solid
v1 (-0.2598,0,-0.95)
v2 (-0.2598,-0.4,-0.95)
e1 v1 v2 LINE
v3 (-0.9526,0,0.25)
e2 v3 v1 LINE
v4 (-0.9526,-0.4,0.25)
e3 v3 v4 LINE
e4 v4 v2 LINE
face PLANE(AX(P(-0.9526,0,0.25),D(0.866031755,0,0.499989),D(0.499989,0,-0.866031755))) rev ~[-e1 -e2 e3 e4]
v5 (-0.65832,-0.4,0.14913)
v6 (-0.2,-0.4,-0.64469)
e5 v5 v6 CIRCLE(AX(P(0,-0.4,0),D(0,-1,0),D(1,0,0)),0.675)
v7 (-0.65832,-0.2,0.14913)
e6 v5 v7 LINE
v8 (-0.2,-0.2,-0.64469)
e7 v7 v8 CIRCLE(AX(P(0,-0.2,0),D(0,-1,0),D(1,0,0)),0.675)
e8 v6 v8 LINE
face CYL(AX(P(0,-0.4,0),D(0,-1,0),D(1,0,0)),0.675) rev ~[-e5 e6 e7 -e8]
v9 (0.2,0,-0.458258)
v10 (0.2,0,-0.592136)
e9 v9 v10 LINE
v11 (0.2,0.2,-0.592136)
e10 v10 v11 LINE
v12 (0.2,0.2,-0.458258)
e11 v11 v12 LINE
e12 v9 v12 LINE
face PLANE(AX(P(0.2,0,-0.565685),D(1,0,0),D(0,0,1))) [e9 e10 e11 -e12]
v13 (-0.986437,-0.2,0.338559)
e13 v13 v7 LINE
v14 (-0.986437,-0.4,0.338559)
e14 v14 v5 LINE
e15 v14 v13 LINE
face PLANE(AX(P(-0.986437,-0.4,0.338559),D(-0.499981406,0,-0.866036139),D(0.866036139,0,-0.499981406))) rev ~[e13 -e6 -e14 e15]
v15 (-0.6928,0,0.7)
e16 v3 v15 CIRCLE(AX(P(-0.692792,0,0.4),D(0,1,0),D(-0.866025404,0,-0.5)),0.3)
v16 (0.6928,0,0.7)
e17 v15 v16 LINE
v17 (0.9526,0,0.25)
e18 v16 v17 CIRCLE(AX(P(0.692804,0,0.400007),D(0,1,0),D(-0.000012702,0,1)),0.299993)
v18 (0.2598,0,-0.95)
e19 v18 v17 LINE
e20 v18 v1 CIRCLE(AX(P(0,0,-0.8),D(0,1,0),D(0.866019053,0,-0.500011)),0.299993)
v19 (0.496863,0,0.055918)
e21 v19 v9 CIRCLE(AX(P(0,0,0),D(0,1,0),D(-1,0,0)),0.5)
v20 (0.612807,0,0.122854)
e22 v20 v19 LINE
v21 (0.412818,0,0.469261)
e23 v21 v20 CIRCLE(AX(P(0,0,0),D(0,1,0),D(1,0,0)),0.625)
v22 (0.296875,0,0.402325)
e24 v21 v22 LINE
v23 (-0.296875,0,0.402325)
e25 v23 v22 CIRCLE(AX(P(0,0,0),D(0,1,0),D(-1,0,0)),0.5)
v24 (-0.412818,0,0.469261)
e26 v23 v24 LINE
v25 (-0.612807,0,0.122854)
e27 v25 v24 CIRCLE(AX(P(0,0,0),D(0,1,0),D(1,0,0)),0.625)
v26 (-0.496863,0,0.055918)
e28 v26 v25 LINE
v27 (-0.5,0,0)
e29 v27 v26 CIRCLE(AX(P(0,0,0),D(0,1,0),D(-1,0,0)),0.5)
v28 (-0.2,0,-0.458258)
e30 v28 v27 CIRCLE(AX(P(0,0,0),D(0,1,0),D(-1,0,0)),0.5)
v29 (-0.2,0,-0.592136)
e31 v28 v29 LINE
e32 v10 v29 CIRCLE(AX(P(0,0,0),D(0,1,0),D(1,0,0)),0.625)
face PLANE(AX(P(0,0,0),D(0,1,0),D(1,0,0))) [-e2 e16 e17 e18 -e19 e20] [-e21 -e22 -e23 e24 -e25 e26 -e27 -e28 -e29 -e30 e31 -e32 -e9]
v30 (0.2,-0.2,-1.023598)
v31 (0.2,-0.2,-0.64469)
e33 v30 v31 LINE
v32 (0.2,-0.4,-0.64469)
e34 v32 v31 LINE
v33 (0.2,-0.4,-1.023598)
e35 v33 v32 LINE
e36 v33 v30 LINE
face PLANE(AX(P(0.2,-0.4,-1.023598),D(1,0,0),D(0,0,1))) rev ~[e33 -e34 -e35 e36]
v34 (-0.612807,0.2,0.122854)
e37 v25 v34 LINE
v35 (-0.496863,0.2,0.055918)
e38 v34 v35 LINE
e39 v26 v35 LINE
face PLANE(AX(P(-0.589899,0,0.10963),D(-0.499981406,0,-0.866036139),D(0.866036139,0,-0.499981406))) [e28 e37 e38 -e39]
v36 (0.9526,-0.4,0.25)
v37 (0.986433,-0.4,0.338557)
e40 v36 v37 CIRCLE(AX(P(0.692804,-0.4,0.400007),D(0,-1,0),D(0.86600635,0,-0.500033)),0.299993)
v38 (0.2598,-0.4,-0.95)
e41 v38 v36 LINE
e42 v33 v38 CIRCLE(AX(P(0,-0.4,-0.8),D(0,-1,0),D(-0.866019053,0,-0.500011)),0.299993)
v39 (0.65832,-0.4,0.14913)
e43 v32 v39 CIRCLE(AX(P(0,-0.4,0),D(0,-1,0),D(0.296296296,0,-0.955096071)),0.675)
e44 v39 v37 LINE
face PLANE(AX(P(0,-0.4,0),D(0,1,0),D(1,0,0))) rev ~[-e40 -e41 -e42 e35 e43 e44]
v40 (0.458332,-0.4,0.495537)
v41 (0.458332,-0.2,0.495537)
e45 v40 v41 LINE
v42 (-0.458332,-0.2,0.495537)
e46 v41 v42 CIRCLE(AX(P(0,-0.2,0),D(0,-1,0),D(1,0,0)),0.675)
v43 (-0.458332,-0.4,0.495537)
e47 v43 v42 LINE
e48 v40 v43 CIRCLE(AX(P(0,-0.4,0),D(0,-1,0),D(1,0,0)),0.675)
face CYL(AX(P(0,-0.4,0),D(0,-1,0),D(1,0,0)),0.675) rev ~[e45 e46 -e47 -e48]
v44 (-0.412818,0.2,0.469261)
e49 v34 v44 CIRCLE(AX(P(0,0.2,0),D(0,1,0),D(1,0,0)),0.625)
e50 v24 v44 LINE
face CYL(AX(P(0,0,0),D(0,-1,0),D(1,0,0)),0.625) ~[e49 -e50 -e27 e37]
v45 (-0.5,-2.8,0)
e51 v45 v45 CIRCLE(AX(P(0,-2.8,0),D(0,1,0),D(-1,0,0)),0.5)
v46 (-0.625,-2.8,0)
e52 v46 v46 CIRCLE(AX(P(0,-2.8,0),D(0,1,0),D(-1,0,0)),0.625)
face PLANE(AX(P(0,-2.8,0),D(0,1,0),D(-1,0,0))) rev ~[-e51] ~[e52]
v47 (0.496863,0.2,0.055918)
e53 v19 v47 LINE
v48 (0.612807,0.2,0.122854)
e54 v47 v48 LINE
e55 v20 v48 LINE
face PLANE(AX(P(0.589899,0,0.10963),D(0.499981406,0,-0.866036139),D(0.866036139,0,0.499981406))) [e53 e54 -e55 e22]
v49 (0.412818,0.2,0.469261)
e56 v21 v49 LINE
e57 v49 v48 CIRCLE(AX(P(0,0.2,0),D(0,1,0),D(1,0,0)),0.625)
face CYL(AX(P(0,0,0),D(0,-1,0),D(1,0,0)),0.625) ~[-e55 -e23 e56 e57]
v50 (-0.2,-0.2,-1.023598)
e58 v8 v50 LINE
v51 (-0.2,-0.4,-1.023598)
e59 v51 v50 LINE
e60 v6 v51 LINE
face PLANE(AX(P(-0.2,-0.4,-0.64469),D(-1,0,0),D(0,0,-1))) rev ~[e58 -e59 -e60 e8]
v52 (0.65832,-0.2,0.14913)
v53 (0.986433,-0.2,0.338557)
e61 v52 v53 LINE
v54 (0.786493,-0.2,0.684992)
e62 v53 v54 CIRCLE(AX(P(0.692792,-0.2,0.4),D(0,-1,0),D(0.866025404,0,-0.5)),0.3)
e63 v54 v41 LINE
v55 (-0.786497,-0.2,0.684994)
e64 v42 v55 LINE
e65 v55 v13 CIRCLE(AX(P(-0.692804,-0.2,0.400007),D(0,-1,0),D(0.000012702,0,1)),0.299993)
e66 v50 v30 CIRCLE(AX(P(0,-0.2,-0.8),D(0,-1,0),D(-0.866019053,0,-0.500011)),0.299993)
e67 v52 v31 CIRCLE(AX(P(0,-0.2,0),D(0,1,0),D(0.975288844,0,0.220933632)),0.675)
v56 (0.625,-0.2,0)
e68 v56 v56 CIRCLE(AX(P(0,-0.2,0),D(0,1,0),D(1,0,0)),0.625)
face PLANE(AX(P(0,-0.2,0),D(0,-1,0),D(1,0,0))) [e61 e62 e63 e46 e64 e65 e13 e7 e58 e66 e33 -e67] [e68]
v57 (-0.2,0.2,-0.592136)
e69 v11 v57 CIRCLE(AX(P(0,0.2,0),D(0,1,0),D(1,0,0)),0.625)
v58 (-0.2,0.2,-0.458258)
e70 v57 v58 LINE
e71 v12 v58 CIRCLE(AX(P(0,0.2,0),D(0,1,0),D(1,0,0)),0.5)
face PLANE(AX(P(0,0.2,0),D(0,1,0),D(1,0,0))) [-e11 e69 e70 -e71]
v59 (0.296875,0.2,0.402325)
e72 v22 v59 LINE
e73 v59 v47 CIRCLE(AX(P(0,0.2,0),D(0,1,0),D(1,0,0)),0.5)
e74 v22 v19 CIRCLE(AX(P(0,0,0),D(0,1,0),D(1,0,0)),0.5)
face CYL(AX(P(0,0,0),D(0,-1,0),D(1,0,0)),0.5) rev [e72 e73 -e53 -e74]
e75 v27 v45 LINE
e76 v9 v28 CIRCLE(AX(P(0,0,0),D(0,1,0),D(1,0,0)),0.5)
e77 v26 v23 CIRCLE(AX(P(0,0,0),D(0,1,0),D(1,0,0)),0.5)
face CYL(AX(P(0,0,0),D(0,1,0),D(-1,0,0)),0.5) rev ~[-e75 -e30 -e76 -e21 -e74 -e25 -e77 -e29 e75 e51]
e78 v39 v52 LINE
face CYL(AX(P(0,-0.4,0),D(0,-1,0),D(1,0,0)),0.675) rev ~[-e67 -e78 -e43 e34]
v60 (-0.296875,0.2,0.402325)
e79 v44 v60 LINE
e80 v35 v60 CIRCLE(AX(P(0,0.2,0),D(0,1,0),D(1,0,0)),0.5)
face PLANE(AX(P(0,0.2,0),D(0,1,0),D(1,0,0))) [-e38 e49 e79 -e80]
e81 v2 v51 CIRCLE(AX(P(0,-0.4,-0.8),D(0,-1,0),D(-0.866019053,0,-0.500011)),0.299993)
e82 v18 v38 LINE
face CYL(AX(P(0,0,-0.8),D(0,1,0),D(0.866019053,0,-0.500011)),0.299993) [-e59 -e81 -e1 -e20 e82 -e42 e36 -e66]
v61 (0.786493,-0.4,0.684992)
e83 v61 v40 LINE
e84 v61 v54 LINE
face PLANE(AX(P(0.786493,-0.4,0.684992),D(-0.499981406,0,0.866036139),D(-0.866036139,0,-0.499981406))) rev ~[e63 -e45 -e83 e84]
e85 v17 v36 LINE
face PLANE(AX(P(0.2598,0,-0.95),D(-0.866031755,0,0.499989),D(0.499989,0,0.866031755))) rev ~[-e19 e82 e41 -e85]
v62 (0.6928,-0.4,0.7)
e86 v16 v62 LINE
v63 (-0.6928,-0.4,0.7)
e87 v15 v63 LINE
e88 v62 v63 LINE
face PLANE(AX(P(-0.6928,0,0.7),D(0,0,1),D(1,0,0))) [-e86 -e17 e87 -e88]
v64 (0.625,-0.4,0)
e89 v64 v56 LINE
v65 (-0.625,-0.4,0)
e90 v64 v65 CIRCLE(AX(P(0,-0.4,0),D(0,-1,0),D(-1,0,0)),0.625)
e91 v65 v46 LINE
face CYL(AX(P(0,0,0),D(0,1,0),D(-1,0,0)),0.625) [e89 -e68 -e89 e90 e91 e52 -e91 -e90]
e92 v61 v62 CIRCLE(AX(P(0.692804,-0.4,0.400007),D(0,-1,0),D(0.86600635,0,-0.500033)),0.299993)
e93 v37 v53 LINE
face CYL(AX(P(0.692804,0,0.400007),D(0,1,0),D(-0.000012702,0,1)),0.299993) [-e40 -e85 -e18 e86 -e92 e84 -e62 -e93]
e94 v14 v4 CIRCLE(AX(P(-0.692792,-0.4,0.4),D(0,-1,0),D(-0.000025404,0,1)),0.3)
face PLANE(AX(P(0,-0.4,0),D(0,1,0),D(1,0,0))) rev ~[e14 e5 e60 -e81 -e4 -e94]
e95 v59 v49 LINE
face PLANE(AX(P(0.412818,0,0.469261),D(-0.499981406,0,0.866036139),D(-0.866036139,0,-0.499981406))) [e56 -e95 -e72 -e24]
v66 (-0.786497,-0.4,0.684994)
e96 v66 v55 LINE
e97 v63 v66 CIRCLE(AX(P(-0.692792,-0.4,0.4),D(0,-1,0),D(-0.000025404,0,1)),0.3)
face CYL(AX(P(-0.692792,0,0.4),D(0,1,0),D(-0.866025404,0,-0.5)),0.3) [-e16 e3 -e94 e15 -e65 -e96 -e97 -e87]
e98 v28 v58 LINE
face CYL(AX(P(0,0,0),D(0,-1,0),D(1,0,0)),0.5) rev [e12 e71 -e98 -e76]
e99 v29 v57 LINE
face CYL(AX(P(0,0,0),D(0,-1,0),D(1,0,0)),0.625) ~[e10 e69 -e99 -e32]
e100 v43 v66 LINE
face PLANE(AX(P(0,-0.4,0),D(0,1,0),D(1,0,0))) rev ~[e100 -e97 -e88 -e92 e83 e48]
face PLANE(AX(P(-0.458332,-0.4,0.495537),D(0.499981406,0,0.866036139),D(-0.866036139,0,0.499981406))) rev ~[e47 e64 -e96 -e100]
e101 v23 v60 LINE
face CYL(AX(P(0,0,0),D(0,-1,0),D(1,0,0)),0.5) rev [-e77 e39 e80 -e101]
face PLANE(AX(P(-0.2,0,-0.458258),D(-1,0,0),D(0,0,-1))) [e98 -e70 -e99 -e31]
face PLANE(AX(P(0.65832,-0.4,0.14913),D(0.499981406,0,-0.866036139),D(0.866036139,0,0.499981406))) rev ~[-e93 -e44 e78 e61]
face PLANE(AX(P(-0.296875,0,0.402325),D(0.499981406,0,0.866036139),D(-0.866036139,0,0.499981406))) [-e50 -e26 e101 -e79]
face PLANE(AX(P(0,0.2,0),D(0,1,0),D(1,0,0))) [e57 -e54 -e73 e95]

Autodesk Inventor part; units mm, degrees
ref_plane "YZ Plane" through (0, 0, 0) normal (1, 0, 0) x (0, 1, 0)
ref_plane "XZ Plane" through (0, 0, 0) normal (0, 1, 0) x (-1, 0, 0)
ref_plane "XY Plane" through (0, 0, 0) normal (0, 0, 1) x (1, 0, 0)
sketch "Esboço1" plane through (0, 0, 0) normal (0, 1, 0) x (-1, 0, 0)
  circle A0 centre (0, 0) radius 0.625
  circle A1 centre (0, 0) radius 0.5
  dimension "d0" = 1.25
  dimension "d1" = 1
extrude "Extrusão1" add sketch "Esboço1" against normal blind 2.8
sketch "Esboço2" plane through (0, 0, 0) normal (0, 1, 0) x (1, 0, 0)
  line L0 (0, 0) -> (0, 1.4)
  line L1 (0, 0) -> (0, -1.4)
  line L2 (0, 0) -> (-1.2124, -0.7)
  line L3 (0, 0) -> (1.2124, -0.7)
  line L4 (0.2598, 0.95) -> (0.9526, -0.25)
  line L5 (-0.9526, -0.25) -> (-0.2598, 0.95)
  line L6 (-0.6928, -0.7) -> (0.6928, -0.7)
  arc A0 (-0.9526, -0.25) -> (-0.6928, -0.7) centre (-0.6928, -0.4) ccw
  arc A1 (0.6928, -0.7) -> (0.9526, -0.25) centre (0.6928, -0.4) ccw
  arc A2 (0.2598, 0.95) -> (-0.2598, 0.95) centre (0, 0.8) ccw
  circle A3 centre (0, 0) radius 0.625 projected
  circle A4 centre (0, 0) radius 0.5 projected
  dimension "d5" = 1.4
  dimension "d6" = 1.4
  dimension "d9" = 360
  dimension "d11" = 0.3
extrude "Extrusão2" add sketch "Esboço2" against normal blind 0.4 contours A3 L2 A0 L5 A2 L0 | L0 A2 L4 A1 L3 A3 | A3 L3 A1 L6 L1 | L1 L6 A0 L2 A3
sketch "Esboço3" plane through (0, -0.4, 0) normal (0, -1, 0) x (1, 0, 0)
  line L0 (0.2, 0) -> (-0.2, 0)
  line L1 (-0.2, 0) -> (-0.2, -1.1589)
  line L2 (-0.2, -1.1589) -> (0.2, -1.1589)
  line L3 (0.2, -1.1589) -> (0.2, 0)
  line L4 (-0.1, 0.1732) -> (0.1, -0.1732)
  line L5 (0.1, -0.1732) -> (1.1036, 0.4062)
  line L6 (1.1036, 0.4062) -> (0.9036, 0.7526)
  line L7 (0.9036, 0.7526) -> (-0.1, 0.1732)
  line L8 (-0.1, -0.1732) -> (0.1, 0.1732)
  line L9 (0.1, 0.1732) -> (-0.9036, 0.7526)
  line L10 (-0.9036, 0.7526) -> (-1.1036, 0.4062)
  line L11 (-1.1036, 0.4062) -> (-0.1, -0.1732)
  arc A0 (0.9526, 0.25) -> (0.6928, 0.7) centre (0.6928, 0.4) ccw projected
  line L12 (0.6928, 0.7) -> (-0.6928, 0.7) projected
  arc A1 (-0.6928, 0.7) -> (-0.9526, 0.25) centre (-0.6928, 0.4) ccw projected
  line L13 (-0.9526, 0.25) -> (-0.2598, -0.95) projected
  arc A2 (-0.2598, -0.95) -> (0.2598, -0.95) centre (0, -0.8) ccw projected
  line L14 (0.2598, -0.95) -> (0.9526, 0.25) projected
  circle A3 centre (0, 0) radius 0.625 projected
  circle A4 centre (0, 0) radius 0.625 projected
  circle A5 centre (0, 0) radius 0.5 projected
  circle A6 centre (0, 0) radius 0.625 projected
  circle A7 centre (0, 0) radius 0.675
  point P0 (0.2, -0.6447)
  point P1 (0.6583, 0.1491)
  point P2 (0.9865, 0.3386)
  point P3 (0.7865, 0.685)
  point P4 (0.4583, 0.4956)
  point P5 (-0.4583, 0.4956)
  point P6 (-0.7865, 0.685)
  point P7 (-0.9865, 0.3386)
  point P8 (-0.6583, 0.1491)
  point P9 (-0.2, -0.6447)
  point P10 (-0.2, -1.0236)
  point P11 (0.2, -1.0236)
  dimension "d14" = 0.4
  dimension "d17" = 360
  dimension "d20" = 1.35
extrude "Extrusão3" cut sketch "Esboço3" against normal blind 0.2 contours A3 L5 A7 L3 | L3 A7 L1 A3 | A3 L7 A7 L5 | L3 A2 L1 A7 | L1 A7 L11 A3 | A7 L7 A0 L5 | A3 L9 A7 L7 | L11 A7 L9 A3 | L11 A1 L9 A7
sketch "Esboço4" plane through (0, 0, 0) normal (0, 1, 0) x (1, 0, 0)
  circle A0 centre (0, 0) radius 0.6
  line L0 (0.9865, -0.3386) -> (0.6583, -0.1491) projected
  arc A1 (0.7865, -0.685) -> (0.9865, -0.3386) centre (0.6928, -0.4) ccw projected
  line L1 (0.4583, -0.4956) -> (0.7865, -0.685) projected
  arc A2 (-0.4583, -0.4956) -> (0.4583, -0.4956) centre (0, 0) ccw projected
  line L2 (-0.7865, -0.685) -> (-0.4583, -0.4956) projected
  arc A3 (-0.9865, -0.3386) -> (-0.7865, -0.685) centre (-0.6928, -0.4) ccw projected
  line L3 (-0.6583, -0.1491) -> (-0.9865, -0.3386) projected
  arc A4 (-0.2, 0.6447) -> (-0.6583, -0.1491) centre (0, 0) ccw projected
  line L4 (-0.2, 1.0236) -> (-0.2, 0.6447) projected
  arc A5 (0.2, 1.0236) -> (-0.2, 1.0236) centre (0, 0.8) ccw projected
  line L5 (0.2, 0.6447) -> (0.2, 1.0236) projected
  arc A6 (0.6583, -0.1491) -> (0.2, 0.6447) centre (0, 0) ccw projected
  circle A7 centre (0, 0) radius 0.625 projected
  line L6 (0.9036, -0.7526) -> (-0.1, -0.1732) projected
  line L7 (0.1, 0.1732) -> (1.1036, -0.4062) projected
  line L8 (0.1, -0.1732) -> (-0.9036, -0.7526) projected
  line L9 (-1.1036, -0.4062) -> (-0.1, 0.1732) projected
  line L10 (-0.2, 0) -> (-0.2, 1.1589) projected
  line L11 (0.2, 1.1589) -> (0.2, 0) projected
  circle A8 centre (0, 0) radius 0.5
  point P0 (-0.2, 0.4583)
  point P1 (0.2, 0.4583)
  point P2 (0.2, 0.5921)
  point P3 (-0.2, 0.5921)
  point P4 (0.4969, -0.0559)
  point P5 (0.2969, -0.4023)
  point P6 (0.4128, -0.4693)
  point P7 (0.6128, -0.1229)
  point P8 (-0.2969, -0.4023)
  point P9 (-0.4969, -0.0559)
  point P10 (-0.6128, -0.1229)
  point P11 (-0.4128, -0.4693)
  dimension "d23" = 1.2
  dimension "d24" = 1
extrude "Extrusão4" add sketch "Esboço4" along normal blind 0.2 contours L11 A8 L10 A0 | A0 L10 A7 L11 | L7 A7 L6 A0 | A0 L6 A8 L7 | L9 A8 L8 A0 | A0 L8 A7 L9
properties part number "Suporte Contato"
